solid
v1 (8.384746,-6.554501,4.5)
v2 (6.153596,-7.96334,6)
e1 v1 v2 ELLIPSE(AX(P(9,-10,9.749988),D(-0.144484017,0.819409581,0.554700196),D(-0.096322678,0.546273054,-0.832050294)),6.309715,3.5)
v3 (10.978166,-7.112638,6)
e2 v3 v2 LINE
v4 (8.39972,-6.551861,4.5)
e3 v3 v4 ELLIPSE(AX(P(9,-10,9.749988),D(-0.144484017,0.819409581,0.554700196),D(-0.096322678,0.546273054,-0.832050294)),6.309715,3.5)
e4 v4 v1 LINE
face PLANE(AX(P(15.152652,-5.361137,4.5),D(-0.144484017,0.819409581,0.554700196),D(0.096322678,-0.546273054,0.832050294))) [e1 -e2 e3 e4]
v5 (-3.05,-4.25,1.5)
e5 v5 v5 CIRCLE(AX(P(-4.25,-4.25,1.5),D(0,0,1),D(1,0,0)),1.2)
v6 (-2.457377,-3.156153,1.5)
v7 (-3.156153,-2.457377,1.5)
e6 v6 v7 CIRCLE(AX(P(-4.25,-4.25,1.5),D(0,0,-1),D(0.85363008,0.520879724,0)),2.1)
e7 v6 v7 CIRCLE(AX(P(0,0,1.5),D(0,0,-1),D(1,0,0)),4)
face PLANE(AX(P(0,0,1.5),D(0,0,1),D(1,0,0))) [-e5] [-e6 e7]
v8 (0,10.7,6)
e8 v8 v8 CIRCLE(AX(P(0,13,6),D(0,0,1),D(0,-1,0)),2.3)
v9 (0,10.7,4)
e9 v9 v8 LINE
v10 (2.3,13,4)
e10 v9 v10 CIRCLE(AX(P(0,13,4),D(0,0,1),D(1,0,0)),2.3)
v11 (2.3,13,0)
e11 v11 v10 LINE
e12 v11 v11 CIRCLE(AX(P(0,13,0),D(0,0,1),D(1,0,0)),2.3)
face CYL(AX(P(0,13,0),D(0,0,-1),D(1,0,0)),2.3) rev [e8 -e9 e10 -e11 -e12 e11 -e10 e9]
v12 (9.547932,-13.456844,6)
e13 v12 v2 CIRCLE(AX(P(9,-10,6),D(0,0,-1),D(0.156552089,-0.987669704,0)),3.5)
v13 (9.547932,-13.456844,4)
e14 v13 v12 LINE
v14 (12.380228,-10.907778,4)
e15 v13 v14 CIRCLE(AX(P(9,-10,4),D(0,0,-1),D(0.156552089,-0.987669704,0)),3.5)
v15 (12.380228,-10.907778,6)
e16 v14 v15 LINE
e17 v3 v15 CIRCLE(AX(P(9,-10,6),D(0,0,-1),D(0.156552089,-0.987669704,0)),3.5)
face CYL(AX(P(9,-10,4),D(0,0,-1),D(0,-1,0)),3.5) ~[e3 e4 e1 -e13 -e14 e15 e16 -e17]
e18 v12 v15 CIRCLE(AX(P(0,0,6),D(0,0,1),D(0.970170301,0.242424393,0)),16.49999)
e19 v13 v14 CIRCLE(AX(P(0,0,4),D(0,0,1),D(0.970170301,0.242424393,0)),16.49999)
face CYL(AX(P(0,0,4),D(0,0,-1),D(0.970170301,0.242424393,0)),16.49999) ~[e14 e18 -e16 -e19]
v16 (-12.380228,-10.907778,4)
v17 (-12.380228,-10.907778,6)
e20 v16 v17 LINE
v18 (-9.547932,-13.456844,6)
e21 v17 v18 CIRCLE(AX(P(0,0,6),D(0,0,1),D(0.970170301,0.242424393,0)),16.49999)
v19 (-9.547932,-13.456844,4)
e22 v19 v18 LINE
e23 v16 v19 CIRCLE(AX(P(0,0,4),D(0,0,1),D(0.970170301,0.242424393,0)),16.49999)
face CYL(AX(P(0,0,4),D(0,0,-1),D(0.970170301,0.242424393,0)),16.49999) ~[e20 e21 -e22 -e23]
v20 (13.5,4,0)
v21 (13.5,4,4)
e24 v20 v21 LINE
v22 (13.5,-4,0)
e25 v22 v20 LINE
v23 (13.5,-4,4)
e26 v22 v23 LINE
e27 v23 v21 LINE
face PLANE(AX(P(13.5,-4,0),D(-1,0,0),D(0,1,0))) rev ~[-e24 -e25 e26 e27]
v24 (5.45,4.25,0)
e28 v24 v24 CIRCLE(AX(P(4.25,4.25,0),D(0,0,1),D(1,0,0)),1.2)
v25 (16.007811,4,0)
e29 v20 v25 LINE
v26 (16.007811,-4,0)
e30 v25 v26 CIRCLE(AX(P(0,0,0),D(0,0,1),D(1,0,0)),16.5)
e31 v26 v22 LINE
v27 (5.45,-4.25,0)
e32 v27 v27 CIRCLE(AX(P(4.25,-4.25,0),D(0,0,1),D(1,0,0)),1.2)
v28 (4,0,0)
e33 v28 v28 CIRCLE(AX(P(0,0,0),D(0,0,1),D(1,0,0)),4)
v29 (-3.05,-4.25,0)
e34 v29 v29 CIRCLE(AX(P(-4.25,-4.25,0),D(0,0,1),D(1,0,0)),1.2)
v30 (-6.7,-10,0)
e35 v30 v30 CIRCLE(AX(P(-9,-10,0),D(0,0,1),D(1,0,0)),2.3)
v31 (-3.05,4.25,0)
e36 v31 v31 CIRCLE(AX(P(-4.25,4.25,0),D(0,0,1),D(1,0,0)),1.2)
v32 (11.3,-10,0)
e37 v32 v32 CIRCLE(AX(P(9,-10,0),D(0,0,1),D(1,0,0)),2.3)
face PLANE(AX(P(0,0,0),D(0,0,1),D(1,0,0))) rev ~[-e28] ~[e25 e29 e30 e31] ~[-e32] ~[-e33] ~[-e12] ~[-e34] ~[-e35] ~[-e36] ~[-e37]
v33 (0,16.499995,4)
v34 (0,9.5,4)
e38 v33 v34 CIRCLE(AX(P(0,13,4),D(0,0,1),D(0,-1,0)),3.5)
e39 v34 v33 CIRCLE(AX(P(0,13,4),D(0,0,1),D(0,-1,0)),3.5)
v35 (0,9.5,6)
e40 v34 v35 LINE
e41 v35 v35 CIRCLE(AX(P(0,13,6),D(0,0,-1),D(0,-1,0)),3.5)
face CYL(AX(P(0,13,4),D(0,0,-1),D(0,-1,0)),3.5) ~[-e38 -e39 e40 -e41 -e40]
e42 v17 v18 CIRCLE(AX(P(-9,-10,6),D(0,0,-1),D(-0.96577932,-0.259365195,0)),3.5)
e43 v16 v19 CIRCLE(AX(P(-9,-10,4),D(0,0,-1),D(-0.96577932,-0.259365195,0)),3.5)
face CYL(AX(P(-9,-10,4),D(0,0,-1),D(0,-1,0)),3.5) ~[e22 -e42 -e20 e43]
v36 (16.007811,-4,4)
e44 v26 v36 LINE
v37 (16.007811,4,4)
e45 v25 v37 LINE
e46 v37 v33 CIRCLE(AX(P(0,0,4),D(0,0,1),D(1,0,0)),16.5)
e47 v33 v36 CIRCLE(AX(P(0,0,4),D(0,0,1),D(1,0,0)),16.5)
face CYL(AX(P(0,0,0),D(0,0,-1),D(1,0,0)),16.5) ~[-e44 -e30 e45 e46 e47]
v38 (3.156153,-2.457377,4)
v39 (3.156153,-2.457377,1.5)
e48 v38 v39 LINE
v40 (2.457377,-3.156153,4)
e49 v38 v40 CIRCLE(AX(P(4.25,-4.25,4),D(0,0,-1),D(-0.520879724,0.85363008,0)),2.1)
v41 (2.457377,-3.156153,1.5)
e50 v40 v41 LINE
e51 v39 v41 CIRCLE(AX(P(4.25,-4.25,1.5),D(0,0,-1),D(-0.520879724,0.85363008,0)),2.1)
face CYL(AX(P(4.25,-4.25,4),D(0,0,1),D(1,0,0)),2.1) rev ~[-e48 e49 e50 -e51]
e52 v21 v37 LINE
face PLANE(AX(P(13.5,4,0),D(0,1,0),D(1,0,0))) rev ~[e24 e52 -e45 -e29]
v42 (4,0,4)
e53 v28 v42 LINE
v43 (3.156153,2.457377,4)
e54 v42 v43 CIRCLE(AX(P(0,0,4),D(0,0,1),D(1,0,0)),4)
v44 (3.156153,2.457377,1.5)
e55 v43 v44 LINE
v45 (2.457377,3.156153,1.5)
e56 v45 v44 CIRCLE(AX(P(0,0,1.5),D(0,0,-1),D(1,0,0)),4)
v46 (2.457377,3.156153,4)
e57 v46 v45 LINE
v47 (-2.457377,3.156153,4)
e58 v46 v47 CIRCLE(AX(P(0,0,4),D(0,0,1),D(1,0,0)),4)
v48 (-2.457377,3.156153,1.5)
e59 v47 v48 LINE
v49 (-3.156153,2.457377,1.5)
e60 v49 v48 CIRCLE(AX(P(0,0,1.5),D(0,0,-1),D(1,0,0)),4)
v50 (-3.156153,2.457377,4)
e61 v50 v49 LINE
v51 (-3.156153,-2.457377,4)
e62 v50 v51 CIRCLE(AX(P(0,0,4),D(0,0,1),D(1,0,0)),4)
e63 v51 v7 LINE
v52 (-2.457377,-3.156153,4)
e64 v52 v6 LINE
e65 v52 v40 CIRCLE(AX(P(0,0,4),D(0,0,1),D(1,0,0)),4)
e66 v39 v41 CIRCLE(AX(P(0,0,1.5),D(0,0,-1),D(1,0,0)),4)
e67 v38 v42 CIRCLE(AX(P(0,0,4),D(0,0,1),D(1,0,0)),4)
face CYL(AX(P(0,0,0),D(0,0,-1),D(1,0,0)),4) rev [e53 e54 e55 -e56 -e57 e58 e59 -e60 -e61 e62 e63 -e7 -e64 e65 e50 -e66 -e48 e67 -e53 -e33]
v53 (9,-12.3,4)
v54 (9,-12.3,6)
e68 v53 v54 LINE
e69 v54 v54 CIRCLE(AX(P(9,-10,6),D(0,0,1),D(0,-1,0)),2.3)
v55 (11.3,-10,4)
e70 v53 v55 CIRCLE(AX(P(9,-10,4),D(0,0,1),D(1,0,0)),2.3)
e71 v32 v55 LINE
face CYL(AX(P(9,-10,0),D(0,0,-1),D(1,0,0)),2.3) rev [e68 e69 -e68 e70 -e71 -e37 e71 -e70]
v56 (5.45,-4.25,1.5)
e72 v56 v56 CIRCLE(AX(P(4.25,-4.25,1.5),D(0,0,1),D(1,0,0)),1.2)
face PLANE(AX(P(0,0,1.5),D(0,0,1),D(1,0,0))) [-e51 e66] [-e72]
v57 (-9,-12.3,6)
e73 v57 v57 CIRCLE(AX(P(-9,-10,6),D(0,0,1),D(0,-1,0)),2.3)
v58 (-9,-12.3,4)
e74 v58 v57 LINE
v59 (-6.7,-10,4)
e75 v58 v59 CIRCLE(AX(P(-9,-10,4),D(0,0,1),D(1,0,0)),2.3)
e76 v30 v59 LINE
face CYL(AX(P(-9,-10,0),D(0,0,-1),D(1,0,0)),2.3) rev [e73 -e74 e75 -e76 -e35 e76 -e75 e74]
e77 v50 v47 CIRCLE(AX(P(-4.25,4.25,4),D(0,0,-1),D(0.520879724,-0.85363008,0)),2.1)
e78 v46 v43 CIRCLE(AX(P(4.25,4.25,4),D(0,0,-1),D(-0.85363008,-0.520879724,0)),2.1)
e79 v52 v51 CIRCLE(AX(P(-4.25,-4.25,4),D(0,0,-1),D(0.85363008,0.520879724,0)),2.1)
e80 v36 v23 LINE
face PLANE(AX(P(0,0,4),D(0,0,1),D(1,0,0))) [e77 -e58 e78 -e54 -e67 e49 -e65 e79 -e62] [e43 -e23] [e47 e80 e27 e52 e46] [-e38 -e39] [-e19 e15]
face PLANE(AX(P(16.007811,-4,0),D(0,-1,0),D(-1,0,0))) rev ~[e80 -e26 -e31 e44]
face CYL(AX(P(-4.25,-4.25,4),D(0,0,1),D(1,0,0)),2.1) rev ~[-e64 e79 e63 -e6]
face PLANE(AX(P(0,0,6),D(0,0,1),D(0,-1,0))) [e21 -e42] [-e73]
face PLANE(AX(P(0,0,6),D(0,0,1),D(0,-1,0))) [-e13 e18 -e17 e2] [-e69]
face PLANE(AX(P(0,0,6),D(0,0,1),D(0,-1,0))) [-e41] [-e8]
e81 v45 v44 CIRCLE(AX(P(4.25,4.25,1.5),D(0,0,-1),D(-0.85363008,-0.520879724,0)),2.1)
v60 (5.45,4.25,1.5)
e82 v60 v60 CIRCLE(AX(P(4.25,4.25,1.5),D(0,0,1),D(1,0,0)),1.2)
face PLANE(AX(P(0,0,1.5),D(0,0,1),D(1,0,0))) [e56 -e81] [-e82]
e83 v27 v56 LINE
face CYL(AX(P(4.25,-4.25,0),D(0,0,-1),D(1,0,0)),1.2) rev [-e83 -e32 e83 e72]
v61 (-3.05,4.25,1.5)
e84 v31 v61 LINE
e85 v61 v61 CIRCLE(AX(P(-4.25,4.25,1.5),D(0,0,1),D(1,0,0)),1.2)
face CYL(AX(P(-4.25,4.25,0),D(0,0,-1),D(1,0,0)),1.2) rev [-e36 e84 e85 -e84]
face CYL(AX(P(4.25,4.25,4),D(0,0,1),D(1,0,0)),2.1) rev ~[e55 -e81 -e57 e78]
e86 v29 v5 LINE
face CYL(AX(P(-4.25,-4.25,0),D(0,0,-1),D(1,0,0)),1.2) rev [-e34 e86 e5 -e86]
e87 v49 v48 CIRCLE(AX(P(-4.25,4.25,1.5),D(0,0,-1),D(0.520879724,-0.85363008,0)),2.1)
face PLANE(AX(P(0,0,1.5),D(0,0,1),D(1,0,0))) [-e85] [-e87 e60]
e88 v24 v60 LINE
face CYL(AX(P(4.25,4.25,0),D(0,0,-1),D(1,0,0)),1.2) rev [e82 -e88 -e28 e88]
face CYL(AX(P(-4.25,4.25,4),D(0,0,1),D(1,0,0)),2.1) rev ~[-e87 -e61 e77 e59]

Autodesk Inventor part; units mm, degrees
ref_plane "YZ Plane" through (0, 0, 0) normal (1, 0, 0) x (0, 1, 0)
ref_plane "XZ Plane" through (0, 0, 0) normal (0, 1, 0) x (-1, 0, 0)
sketch "Sketch1" plane through (0, 0, 0) normal (0, 0, 1) x (1, 0, 0)
  circle A0 centre (0, 0) radius 16.5
  circle A1 centre (-4.25, 4.25) radius 1.2
  circle A2 centre (-4.25, -4.25) radius 1.2
  circle A3 centre (4.25, -4.25) radius 1.2
  circle A4 centre (4.25, 4.25) radius 1.2
  circle A5 centre (0, 0) radius 4
  circle A6 centre (0, 13) radius 2.3
  circle A7 centre (-9, -10) radius 2.3
  circle A8 centre (9, -10) radius 2.3
  line L0 (16.5, -4) -> (13.5, -4)
  line L1 (13.5, -4) -> (13.5, 4)
  line L2 (13.5, 4) -> (16.5, 4)
  line L3 (16.5, 4) -> (16.5, -4)
  point P0 (13.5, 0)
  point P1 (16.0078, 4)
  point P2 (16.0078, -4)
  dimension "d0" = 33
  dimension "d1" = 8.5
  dimension "d2" = 8.5
  dimension "d3" = 4.25
  dimension "d4" = 4.25
  dimension "d5" = 2.4
  dimension "d6" = 8
  dimension "d7" = 13
  dimension "d8" = 4.6
  dimension "d9" = 10
  dimension "d10" = 9
  dimension "d11" = 9
  dimension "d17" = 3
  dimension "d18" = 8
extrude "Extrusion1" add sketch "Sketch1" along normal blind 4 contours L2 L1 L0 A0 picked at (0.6527, -8.9528)
sketch "Sketch2" plane through (0, 0, 4) normal (0, 0, 1) x (0, -1, 0)
  circle A0 centre (-13, 0) radius 2.3 projected
  circle A1 centre (10, -9) radius 2.3 projected
  circle A2 centre (10, 9) radius 2.3 projected
  circle A3 centre (-13, 0) radius 3.5
  circle A4 centre (10, 9) radius 3.5
  circle A5 centre (10, -9) radius 3.5
  arc A6 (-4, 16.0078) -> (4, 16.0078) centre (0, 0) ccw projected
  point P0 (10.9078, 12.3802)
  point P1 (13.4568, 9.548)
  point P2 (10.9078, -12.3802)
  point P3 (13.4568, -9.548)
  dimension "d14" = 7
extrude "Extrusion2" add sketch "Sketch2" along normal blind 2 contours A3 | A4 A6 | A5 A6 picked at (12.7903, 9.885) picked at (12.7903, -9.885)
sketch "Sketch3" plane through (0, 0, 4) normal (0, 0, 1) x (1, 0, 0)
  circle A0 centre (-4.25, 4.25) radius 1.2 projected
  circle A1 centre (-4.25, -4.25) radius 1.2 projected
  circle A2 centre (4.25, -4.25) radius 1.2 projected
  circle A3 centre (4.25, 4.25) radius 1.2 projected
  circle A4 centre (-4.25, 4.25) radius 2.1
  circle A5 centre (4.25, 4.25) radius 2.1
  circle A6 centre (4.25, -4.25) radius 2.1
  circle A7 centre (-4.25, -4.25) radius 2.1
  point P0 (0, 0)
  dimension "d19" = 4.2
extrude "Extrusion3" cut sketch "Sketch3" against normal blind 2.5
ref_plane "Work Plane1" through (13.5, 4, 0) normal (0.9848, 0.1736, 0) x (0, 0, 1)
sketch "Sketch4" plane through (13.5, 4, 0) normal (0.9848, 0.1736, 0) x (0, 0, 1)
  line L0 (4, 16.5054) -> (4, 14.4869) projected
  line L1 (4, 16.5054) -> (6, 16.5054) projected
  line L2 (6, 14.4869) -> (6, 16.5054) projected
  line L3 (4, 14.4869) -> (6, 14.4869) projected
  line L4 (4, 9.5059) -> (6, 9.5059) projected
  line L5 (6, 9.5059) -> (6, 16.5054) projected
  line L6 (4, 16.5054) -> (4, 9.5059) projected
  line L7 (4.5, 9.5059) -> (6, 10.5059)
  point P0 (0, 1.595)
  dimension "d23" = 1
  dimension "d24" = 1.5
extrude "Extrusion4" cut sketch "Sketch4" against normal blind 11.25 contours L5 L4 L7
equation "\"d2\" = d1"
equation "\"d3\" = 0.5 * d1"
equation "\"d4\" = 0.5 * d2"
equation "\"d11\" = d10"
properties part number "Spacerplate"
